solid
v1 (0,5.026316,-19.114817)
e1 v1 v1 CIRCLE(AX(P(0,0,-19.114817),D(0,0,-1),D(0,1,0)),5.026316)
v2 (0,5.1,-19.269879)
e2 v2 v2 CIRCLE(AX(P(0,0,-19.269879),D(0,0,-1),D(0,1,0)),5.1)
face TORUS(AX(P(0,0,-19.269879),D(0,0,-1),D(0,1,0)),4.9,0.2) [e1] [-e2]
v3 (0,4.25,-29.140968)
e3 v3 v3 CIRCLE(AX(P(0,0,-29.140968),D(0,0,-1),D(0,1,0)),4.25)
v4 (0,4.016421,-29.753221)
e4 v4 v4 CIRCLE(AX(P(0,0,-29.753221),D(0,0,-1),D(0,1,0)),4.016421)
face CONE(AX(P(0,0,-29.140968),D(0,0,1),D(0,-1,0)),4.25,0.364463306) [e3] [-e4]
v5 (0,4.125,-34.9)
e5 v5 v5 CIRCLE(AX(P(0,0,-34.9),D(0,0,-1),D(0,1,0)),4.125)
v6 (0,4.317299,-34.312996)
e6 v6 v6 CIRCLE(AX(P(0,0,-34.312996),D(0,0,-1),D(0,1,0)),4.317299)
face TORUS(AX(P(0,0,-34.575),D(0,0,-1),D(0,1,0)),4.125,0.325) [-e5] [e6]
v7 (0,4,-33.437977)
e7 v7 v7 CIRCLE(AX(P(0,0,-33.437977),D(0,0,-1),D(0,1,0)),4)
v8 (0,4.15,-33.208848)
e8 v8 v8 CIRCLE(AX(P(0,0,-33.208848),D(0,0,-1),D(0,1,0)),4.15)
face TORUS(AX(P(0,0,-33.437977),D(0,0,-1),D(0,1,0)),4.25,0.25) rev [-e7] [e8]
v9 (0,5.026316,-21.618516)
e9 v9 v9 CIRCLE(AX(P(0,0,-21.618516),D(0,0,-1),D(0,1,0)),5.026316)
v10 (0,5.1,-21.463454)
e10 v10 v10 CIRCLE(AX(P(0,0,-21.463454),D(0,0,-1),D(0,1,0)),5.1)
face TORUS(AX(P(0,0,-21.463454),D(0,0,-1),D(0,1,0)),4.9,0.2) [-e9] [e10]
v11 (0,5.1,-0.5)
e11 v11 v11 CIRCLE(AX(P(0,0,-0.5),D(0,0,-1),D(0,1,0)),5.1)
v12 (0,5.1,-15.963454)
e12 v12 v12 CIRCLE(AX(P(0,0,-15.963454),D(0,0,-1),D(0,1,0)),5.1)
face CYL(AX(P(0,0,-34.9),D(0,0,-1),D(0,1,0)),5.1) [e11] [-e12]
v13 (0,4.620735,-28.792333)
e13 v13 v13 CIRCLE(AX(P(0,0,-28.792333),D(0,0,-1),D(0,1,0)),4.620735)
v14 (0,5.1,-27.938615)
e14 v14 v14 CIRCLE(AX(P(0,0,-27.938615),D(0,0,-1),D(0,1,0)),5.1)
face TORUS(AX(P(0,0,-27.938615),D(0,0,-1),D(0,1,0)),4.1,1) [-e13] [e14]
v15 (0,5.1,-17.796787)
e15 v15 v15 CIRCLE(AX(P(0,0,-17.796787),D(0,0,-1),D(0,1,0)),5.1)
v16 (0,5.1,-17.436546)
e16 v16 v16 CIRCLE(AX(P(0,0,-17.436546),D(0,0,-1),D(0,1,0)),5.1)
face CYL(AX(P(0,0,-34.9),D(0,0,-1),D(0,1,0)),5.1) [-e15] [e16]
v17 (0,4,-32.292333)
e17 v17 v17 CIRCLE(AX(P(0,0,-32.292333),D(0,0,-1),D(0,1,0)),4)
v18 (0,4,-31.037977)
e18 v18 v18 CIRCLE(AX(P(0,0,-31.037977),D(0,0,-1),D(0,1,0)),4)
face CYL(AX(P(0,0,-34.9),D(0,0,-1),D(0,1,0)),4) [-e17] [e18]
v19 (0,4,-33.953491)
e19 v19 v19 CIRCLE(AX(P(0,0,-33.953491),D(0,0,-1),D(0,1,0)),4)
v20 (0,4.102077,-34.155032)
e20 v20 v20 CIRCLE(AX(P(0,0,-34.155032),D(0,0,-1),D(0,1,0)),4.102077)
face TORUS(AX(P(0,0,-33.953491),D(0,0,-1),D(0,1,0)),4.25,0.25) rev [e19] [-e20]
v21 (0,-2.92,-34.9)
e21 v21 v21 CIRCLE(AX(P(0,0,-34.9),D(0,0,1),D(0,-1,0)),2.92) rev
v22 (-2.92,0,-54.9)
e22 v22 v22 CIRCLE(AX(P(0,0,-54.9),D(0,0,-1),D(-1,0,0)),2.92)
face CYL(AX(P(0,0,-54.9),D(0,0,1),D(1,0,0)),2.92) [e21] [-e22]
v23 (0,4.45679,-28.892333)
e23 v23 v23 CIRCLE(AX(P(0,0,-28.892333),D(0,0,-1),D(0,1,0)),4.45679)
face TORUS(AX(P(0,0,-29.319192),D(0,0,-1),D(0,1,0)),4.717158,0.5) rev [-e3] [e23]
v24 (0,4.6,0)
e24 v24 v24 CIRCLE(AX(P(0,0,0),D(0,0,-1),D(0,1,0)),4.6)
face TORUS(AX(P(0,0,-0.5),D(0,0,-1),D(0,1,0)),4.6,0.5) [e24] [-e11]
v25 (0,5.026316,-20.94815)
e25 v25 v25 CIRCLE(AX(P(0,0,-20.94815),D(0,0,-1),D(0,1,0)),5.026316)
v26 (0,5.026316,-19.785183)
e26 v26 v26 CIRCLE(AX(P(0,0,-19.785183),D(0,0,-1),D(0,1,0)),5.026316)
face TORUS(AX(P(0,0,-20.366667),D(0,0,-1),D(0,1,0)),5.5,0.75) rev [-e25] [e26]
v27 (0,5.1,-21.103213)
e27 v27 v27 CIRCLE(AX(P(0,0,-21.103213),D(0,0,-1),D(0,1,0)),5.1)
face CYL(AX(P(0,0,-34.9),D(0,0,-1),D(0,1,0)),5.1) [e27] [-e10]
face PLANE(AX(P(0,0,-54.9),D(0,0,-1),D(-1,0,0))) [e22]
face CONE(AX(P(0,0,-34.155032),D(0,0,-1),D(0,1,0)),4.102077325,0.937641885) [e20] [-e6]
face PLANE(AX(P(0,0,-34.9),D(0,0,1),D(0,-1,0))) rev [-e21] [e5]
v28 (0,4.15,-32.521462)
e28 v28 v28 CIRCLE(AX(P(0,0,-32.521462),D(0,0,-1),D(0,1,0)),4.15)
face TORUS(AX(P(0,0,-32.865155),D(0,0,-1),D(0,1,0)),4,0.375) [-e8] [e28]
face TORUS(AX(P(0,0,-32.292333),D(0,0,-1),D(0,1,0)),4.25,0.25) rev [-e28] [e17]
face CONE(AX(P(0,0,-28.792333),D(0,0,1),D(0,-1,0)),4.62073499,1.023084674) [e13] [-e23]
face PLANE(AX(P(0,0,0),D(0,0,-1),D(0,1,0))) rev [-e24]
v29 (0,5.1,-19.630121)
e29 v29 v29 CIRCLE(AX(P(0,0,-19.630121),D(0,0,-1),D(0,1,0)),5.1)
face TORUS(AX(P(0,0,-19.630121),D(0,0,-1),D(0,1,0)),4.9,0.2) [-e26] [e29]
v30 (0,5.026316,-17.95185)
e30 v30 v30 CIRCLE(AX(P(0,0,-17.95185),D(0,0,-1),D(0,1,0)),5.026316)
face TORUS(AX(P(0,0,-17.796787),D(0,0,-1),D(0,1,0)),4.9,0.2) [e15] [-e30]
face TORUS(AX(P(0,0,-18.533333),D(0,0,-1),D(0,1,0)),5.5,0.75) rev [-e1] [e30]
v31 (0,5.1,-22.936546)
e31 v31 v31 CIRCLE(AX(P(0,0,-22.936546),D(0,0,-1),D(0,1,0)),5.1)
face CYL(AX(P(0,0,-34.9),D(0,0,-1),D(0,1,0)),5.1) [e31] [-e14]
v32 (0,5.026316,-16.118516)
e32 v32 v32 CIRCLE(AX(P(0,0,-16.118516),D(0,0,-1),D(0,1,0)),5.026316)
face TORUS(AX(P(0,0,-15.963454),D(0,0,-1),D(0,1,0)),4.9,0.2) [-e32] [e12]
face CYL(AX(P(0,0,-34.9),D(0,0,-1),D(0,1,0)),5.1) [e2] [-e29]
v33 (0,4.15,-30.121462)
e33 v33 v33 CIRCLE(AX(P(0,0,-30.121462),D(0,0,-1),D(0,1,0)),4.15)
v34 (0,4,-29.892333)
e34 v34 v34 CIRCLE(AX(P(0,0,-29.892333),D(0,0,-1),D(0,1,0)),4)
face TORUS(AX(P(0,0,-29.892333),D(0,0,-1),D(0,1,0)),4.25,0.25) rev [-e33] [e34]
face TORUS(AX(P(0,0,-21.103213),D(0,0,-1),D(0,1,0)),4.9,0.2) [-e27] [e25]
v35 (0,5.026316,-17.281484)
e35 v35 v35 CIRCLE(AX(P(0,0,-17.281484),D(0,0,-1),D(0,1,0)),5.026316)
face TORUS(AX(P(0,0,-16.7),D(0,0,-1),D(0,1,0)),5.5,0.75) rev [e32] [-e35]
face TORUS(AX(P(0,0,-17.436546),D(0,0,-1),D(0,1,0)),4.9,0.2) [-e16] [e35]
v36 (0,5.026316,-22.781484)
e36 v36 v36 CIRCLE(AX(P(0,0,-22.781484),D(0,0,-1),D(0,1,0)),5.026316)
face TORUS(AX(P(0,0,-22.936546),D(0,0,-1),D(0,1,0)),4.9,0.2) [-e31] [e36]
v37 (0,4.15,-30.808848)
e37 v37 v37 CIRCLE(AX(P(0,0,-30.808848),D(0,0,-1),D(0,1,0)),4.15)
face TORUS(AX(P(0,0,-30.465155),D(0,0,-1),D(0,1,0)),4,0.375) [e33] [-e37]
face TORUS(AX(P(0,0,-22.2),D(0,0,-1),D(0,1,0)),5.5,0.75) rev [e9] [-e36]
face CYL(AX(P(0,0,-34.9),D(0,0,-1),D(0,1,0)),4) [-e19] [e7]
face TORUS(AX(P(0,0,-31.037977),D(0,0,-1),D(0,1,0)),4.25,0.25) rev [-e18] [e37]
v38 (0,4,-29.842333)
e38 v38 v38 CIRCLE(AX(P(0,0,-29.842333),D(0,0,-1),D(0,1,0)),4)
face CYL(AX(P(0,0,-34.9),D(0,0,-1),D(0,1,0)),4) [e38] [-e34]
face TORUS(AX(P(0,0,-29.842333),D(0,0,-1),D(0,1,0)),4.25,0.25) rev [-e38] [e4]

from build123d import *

# Parameters (mm, degrees)
SKETCH2_R           = 2.92
BOSS_EXTRUDE1_DEPTH = 20


with BuildPart() as part:
    # Sketch1 → Revolve1 (revolve)
    with BuildSketch(Plane(origin=(0, 0, 0), x_dir=(0, 0, -1), z_dir=(1, 0, 0))):
        with BuildLine():
            Line((0, 4.6), (0, 0))
            Line((0, 0), (34.9, 0))
            Line((34.9, 0), (34.9, 4.125))
            ThreePointArc((34.9, 4.125), (34.676177603, 4.433849628), (34.312996353, 4.317299477))
            Line((34.312996353, 4.317299477), (34.155032494, 4.102077325))
            ThreePointArc((34.155032494, 4.102077325), (34.066449917, 4.026974588), (33.953491227, 4))
            Line((33.953491227, 4), (33.43797693, 4))
            ThreePointArc((33.43797693, 4), (33.301046291, 4.040834993), (33.208848145, 4.15))
            ThreePointArc((33.208848145, 4.15), (32.865154968, 4.375), (32.521461791, 4.15))
            ThreePointArc((32.521461791, 4.15), (32.429263646, 4.040834993), (32.292333006, 4))
            Line((32.292333006, 4), (31.03797693, 4))
            ThreePointArc((31.03797693, 4), (30.901046291, 4.040834993), (30.808848145, 4.15))
            ThreePointArc((30.808848145, 4.15), (30.465154968, 4.375), (30.121461791, 4.15))
            ThreePointArc((30.121461791, 4.15), (30.029263646, 4.040834993), (29.892333006, 4))
            Line((29.892333006, 4), (29.842333006, 4))
            ThreePointArc((29.842333006, 4), (29.797026825, 4.004139572), (29.75322103, 4.0164212))
            Line((29.75322103, 4.0164212), (29.140968243, 4.25))
            ThreePointArc((29.140968243, 4.25), (28.999470537, 4.332738478), (28.892333006, 4.456790105))
            Line((28.892333006, 4.456790105), (28.792333006, 4.62073499))
            ThreePointArc((28.792333006, 4.62073499), (28.428137359, 4.971990536), (27.938614627, 5.1))
            Line((27.938614627, 5.1), (22.936545993, 5.1))
            ThreePointArc((22.936545993, 5.1), (22.850706486, 5.080642129), (22.781483679, 5.026315789))
            ThreePointArc((22.781483679, 5.026315789), (22.2, 4.75), (21.618516321, 5.026315789))
            ThreePointArc((21.618516321, 5.026315789), (21.549293514, 5.080642129), (21.463454007, 5.1))
            Line((21.463454007, 5.1), (21.10321266, 5.1))
            ThreePointArc((21.10321266, 5.1), (21.017373152, 5.080642129), (20.948150345, 5.026315789))
            ThreePointArc((20.948150345, 5.026315789), (20.366666667, 4.75), (19.785182988, 5.026315789))
            ThreePointArc((19.785182988, 5.026315789), (19.715960181, 5.080642129), (19.630120674, 5.1))
            Line((19.630120674, 5.1), (19.269879326, 5.1))
            ThreePointArc((19.269879326, 5.1), (19.184039819, 5.080642129), (19.114817012, 5.026315789))
            ThreePointArc((19.114817012, 5.026315789), (18.533333333, 4.75), (17.951849655, 5.026315789))
            ThreePointArc((17.951849655, 5.026315789), (17.882626848, 5.080642129), (17.79678734, 5.1))
            Line((17.79678734, 5.1), (17.436545993, 5.1))
            ThreePointArc((17.436545993, 5.1), (17.350706486, 5.080642129), (17.281483679, 5.026315789))
            ThreePointArc((17.281483679, 5.026315789), (16.7, 4.75), (16.118516321, 5.026315789))
            ThreePointArc((16.118516321, 5.026315789), (16.049293514, 5.080642129), (15.963454007, 5.1))
            Line((15.963454007, 5.1), (0.5, 5.1))
            ThreePointArc((0.5, 5.1), (0.146446609, 4.953553391), (0, 4.6))
        make_face()
    revolve(axis=Axis((0, 0, -34.9), (0, 0, 1)))

    # Sketch2 → Boss-Extrude1 (add)
    with BuildSketch(Plane(origin=(0, 0, -34.9), x_dir=(-1, 0, 0), z_dir=(0, 0, -1))):
        with Locations(Location((0, 0, 0), (0, 0, 270))):
            Circle(SKETCH2_R)
    extrude(amount=BOSS_EXTRUDE1_DEPTH)


solid = part.part
